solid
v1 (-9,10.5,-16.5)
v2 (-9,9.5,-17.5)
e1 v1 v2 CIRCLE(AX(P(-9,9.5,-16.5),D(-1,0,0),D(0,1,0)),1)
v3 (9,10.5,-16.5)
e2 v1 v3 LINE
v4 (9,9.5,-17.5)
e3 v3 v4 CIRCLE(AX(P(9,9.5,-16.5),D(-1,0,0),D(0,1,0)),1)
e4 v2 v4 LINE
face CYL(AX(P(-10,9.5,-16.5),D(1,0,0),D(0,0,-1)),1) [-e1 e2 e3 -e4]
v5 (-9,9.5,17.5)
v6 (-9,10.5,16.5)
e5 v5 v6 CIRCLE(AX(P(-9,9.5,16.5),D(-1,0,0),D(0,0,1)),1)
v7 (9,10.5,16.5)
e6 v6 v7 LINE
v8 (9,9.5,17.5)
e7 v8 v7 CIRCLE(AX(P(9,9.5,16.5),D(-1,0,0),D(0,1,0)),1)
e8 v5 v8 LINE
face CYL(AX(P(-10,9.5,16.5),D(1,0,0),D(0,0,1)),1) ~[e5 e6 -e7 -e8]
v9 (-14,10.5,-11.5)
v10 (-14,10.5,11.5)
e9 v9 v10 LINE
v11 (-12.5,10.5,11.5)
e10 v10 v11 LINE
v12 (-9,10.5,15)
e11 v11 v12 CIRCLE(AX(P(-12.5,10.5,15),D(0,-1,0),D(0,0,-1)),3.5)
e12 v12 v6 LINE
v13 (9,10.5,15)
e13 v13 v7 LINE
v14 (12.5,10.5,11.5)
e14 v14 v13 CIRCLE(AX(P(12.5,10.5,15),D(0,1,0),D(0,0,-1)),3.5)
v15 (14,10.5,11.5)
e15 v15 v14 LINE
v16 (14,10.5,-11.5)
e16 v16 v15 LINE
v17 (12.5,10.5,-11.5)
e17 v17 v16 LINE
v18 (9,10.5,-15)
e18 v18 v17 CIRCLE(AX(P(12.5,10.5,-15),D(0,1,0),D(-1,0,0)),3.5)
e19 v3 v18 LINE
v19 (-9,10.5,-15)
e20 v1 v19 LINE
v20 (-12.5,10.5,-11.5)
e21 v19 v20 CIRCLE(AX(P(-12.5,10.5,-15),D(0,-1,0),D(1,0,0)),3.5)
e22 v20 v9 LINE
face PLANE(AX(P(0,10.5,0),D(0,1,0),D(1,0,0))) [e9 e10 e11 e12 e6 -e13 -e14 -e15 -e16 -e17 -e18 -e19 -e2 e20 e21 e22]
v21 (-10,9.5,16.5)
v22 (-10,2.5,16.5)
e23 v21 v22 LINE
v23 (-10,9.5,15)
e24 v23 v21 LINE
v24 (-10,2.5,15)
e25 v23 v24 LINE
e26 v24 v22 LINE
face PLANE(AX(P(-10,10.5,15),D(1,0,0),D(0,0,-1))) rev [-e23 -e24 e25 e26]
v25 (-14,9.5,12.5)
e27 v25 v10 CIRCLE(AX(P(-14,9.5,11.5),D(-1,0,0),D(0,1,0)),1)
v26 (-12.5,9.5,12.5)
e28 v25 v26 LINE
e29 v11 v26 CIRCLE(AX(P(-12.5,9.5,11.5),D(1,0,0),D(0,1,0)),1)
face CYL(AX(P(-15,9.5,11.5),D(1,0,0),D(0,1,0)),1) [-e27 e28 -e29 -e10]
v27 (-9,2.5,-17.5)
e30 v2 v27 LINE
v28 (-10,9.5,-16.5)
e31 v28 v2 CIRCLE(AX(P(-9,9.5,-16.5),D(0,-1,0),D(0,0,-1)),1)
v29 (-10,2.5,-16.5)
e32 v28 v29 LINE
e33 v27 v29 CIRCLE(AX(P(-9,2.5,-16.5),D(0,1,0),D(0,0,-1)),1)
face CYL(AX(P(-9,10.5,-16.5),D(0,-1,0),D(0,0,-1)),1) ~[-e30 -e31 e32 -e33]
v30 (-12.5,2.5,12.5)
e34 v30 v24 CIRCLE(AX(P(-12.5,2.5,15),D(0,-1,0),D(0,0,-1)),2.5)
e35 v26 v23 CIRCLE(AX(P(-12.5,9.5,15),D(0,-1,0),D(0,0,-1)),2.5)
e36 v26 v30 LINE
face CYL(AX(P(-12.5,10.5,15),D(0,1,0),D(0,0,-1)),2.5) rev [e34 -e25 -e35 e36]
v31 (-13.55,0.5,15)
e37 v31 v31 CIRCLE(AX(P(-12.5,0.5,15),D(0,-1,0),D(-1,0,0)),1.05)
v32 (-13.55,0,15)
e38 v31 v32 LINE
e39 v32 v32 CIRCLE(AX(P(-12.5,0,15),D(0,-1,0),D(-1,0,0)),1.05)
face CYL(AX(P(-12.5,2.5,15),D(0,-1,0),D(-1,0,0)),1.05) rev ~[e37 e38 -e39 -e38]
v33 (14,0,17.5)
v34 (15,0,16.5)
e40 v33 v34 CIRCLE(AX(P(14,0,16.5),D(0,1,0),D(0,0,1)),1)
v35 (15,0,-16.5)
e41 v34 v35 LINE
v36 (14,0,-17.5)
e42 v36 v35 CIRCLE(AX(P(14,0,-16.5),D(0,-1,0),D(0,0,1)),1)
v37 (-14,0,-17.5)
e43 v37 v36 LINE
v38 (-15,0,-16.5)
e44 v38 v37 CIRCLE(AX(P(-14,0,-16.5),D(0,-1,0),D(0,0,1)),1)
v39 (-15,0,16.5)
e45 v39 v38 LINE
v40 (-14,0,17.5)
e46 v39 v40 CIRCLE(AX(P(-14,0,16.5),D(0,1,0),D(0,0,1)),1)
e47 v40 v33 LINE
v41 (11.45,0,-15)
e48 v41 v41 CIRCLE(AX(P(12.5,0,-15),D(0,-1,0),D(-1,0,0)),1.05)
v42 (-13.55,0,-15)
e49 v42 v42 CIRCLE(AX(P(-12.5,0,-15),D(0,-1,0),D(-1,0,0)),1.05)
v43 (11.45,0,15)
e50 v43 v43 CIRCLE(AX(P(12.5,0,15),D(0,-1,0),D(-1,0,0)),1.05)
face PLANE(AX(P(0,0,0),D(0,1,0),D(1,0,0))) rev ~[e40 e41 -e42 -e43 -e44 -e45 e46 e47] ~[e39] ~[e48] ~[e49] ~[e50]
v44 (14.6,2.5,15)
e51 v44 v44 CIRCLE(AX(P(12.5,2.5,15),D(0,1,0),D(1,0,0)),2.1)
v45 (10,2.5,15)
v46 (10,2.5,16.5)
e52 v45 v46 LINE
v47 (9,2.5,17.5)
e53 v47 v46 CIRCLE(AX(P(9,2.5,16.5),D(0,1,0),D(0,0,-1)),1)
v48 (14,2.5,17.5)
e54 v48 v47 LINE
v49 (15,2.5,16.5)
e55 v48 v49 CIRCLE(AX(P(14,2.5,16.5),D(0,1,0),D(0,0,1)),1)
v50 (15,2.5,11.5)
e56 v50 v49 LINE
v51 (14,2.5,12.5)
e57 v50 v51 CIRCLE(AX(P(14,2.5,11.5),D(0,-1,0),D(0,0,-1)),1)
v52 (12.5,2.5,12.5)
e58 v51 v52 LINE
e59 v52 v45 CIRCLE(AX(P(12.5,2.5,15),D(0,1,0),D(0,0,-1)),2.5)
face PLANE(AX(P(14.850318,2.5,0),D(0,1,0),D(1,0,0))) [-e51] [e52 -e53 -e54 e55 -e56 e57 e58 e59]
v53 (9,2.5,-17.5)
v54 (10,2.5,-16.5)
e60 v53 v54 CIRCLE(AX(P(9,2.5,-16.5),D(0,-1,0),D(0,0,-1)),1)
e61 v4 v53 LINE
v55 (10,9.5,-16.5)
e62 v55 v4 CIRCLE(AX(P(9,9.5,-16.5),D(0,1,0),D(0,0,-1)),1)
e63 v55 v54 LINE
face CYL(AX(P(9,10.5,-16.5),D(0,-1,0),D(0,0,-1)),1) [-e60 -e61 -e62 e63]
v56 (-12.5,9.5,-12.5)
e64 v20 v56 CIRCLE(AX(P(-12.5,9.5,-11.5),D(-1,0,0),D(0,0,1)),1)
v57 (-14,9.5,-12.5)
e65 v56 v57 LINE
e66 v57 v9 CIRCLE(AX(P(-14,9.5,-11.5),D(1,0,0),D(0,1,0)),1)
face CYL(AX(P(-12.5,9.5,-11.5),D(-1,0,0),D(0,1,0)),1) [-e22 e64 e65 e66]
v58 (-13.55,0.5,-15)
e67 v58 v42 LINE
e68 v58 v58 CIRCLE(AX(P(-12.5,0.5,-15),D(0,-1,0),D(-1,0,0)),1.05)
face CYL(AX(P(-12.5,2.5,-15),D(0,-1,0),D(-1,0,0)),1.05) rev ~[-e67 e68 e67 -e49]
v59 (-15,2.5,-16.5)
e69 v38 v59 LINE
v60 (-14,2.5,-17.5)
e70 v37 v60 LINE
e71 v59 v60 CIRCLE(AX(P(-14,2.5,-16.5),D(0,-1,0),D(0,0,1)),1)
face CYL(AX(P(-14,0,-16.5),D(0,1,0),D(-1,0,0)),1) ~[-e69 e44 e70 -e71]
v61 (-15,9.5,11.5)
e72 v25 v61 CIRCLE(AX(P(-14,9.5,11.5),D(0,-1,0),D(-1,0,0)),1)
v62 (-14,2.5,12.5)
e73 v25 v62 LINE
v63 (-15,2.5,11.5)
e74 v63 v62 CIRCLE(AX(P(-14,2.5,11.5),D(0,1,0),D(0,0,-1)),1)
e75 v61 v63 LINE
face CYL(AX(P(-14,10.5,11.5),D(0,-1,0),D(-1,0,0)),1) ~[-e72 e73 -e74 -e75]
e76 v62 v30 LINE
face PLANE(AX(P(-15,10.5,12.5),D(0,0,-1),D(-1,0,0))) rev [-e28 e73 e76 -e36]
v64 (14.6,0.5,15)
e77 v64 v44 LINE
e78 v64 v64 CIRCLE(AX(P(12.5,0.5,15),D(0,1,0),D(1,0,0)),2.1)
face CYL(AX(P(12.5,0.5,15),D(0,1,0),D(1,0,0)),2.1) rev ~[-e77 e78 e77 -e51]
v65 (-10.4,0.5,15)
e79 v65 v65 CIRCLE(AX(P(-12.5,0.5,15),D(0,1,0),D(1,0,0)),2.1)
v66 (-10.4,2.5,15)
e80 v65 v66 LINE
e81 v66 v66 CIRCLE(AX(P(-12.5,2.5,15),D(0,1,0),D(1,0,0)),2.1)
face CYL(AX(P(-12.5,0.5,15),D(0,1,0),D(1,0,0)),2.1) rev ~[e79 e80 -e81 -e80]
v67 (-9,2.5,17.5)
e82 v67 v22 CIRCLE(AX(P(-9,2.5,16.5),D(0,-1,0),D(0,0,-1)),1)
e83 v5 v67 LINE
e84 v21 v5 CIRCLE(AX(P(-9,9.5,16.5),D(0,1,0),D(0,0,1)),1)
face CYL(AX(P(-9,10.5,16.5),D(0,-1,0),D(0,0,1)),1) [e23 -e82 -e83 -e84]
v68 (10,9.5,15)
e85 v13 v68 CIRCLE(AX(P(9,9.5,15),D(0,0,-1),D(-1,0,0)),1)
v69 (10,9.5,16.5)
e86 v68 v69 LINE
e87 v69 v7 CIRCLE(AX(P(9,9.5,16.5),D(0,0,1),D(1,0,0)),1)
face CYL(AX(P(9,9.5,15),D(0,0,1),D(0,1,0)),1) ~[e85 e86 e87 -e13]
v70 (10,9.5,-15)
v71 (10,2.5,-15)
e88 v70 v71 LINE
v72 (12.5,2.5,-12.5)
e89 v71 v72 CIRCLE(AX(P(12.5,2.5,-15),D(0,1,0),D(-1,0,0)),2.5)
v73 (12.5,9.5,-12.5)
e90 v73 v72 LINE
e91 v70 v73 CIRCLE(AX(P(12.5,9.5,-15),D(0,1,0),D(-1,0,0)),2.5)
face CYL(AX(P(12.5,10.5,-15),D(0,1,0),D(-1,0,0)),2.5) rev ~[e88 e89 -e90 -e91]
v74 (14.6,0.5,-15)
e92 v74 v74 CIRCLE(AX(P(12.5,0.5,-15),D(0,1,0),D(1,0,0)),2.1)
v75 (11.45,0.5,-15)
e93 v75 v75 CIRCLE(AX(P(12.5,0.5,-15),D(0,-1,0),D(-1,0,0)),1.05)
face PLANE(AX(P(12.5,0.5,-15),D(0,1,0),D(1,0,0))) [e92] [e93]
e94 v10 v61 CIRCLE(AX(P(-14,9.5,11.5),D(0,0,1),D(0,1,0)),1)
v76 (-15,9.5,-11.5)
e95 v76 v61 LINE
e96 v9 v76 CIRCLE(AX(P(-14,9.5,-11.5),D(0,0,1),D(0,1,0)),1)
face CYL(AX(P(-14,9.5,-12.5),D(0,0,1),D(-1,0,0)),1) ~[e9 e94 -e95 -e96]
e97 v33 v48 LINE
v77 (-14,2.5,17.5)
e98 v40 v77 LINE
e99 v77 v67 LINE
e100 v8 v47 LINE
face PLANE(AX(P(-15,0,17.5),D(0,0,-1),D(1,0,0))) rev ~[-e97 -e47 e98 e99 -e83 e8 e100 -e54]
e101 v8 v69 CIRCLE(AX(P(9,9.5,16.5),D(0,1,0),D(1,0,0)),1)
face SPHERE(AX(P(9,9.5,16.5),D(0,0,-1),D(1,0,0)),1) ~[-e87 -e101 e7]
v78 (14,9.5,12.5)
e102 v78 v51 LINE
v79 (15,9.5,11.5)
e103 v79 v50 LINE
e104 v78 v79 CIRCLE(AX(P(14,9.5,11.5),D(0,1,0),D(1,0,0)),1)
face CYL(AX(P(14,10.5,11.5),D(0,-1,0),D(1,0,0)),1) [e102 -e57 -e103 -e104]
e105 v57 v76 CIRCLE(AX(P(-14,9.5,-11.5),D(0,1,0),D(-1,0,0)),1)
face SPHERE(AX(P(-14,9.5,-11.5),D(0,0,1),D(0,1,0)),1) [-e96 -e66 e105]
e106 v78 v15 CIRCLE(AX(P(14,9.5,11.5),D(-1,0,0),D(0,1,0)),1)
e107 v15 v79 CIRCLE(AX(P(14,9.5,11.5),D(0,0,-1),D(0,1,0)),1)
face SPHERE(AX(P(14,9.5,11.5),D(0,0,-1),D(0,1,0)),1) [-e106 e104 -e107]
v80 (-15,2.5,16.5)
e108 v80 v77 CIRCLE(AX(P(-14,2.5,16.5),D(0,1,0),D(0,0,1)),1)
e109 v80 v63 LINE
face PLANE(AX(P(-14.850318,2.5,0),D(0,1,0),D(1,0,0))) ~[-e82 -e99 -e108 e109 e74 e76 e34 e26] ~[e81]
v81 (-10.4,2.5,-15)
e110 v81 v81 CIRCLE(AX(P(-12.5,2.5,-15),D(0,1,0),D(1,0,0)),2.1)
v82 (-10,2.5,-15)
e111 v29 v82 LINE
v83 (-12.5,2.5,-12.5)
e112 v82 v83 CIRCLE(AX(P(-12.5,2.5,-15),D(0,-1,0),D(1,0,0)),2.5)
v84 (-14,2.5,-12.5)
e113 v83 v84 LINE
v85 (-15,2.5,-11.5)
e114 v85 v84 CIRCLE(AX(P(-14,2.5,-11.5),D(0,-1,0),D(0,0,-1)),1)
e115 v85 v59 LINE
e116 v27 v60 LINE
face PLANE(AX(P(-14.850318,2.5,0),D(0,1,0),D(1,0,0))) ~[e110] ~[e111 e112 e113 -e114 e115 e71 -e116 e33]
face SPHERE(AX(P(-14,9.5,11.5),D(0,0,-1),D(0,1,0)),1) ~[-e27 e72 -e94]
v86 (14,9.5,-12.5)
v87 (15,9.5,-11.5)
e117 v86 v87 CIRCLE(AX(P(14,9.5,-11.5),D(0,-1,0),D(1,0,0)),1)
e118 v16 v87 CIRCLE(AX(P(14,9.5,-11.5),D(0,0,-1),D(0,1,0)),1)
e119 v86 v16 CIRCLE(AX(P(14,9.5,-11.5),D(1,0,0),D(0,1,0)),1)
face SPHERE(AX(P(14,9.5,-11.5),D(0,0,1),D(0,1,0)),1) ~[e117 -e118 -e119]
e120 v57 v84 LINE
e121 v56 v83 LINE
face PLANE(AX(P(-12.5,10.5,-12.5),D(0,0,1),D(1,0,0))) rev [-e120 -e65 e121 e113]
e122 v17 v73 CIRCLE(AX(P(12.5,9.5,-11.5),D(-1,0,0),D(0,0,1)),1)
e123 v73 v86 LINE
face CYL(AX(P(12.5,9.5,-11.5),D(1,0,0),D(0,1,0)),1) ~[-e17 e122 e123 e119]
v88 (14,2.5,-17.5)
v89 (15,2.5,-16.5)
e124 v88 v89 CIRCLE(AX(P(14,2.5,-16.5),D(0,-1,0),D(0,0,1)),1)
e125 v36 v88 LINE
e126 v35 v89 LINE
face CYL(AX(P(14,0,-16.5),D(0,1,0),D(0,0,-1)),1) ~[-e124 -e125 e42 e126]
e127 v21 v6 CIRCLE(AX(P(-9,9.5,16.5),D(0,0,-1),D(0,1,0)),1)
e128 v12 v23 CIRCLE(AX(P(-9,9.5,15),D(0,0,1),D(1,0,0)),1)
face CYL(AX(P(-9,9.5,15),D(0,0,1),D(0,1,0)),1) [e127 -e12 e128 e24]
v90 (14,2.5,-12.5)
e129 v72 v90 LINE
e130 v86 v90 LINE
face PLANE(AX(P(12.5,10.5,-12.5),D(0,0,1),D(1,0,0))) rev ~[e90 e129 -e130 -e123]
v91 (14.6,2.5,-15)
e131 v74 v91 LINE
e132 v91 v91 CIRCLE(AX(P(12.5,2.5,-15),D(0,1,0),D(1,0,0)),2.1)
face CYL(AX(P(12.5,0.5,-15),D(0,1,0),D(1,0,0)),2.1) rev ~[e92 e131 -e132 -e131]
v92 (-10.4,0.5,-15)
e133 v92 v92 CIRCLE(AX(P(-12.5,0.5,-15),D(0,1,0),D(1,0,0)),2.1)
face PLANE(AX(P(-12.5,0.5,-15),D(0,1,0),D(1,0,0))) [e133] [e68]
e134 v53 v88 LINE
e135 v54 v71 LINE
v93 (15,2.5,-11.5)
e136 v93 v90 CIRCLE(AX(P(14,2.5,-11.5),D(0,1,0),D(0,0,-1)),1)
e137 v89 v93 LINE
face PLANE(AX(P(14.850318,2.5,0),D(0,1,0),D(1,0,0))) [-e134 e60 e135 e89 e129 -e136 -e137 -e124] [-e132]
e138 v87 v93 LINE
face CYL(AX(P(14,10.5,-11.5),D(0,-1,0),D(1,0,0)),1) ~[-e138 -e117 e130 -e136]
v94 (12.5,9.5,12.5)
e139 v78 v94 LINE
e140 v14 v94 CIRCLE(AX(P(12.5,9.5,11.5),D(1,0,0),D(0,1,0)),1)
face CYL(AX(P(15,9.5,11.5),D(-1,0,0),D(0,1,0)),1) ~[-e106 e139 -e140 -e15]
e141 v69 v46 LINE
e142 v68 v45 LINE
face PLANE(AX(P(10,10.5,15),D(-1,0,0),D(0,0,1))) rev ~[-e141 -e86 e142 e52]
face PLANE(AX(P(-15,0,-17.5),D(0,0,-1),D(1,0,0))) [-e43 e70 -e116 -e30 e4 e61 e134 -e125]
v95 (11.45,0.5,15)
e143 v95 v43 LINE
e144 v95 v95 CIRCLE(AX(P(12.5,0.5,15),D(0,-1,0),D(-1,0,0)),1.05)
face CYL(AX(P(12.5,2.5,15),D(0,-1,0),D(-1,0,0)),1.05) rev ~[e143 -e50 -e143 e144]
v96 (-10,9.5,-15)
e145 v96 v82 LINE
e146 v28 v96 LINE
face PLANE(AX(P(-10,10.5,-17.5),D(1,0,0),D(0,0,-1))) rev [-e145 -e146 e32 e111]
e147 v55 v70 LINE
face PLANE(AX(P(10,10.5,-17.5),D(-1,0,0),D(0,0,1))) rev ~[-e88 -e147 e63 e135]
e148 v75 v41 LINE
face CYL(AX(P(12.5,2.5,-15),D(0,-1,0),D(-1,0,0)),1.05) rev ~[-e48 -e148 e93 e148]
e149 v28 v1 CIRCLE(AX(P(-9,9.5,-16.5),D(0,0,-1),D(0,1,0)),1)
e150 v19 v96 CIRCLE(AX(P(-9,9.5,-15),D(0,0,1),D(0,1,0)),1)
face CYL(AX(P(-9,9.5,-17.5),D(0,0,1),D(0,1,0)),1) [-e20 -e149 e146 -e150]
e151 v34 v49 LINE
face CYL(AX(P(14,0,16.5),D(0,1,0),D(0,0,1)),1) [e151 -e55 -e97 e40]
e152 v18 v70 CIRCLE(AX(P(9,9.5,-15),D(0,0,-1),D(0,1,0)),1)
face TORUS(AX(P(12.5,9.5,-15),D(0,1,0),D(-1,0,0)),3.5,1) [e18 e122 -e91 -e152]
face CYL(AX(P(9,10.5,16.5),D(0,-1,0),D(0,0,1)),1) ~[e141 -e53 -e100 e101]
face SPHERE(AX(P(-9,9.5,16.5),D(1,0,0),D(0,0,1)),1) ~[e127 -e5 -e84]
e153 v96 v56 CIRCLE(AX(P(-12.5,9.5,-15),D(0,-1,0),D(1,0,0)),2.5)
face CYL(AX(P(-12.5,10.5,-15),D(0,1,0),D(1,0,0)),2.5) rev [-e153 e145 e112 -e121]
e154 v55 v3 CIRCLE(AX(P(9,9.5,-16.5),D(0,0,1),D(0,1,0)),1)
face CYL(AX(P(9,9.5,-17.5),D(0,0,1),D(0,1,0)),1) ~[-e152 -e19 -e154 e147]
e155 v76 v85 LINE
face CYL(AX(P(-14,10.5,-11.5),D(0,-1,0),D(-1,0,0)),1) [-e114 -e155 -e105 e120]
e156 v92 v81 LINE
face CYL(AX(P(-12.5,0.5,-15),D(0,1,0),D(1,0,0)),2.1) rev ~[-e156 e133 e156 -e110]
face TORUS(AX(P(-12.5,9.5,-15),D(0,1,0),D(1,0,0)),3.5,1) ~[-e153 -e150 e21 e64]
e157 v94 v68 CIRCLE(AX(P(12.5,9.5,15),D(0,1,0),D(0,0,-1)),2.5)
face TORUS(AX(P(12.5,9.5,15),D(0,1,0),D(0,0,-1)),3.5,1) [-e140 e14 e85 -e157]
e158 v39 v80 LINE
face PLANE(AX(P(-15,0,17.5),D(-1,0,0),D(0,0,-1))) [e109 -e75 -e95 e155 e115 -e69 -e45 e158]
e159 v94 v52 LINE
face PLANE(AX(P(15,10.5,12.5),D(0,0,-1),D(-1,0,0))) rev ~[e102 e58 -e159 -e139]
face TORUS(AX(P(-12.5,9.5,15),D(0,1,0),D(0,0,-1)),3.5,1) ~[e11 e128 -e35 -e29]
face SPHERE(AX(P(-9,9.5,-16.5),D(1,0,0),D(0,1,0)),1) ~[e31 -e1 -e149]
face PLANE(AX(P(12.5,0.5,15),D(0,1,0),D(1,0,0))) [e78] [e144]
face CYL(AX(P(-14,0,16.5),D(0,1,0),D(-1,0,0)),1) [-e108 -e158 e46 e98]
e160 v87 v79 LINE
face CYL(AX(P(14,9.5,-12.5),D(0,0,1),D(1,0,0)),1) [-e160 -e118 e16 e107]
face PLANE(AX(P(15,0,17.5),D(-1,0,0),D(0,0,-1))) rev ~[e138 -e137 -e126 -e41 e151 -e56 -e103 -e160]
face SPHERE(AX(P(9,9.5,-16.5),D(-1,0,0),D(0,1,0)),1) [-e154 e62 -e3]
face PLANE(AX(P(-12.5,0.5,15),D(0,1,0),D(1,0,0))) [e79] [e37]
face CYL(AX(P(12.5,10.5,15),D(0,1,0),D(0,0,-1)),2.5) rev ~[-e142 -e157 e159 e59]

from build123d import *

# Parameters (mm, degrees)
SKETCH_1_W                   = 30
SKETCH_1_H                   = 35
EXTRUDE_1_DEPTH              = 10.5
CUT_EXTRUDE_1_DEPTH          = 8
FILLET_1_R                   = 1
HOLE_WIZARD_M2_1_D           = 2.1
HOLE_WIZARD_M2_1_DEPTH       = 20
HOLE_WIZARD_M2_1_CBORE_D     = 4.2
HOLE_WIZARD_M2_1_CBORE_DEPTH = 2
HOLE_WIZARD_M2_1_TIP         = 0.63090365


with BuildPart() as part:
    # ｽｹｯﾁ1 → ﾎﾞｽ - 押し出し1 (new body)
    with BuildSketch(Plane(origin=(0, 0, 0), x_dir=(1, 0, 0), z_dir=(0, 1, 0))):
        Rectangle(SKETCH_1_W, SKETCH_1_H)
    extrude(amount=EXTRUDE_1_DEPTH)

    # ｽｹｯﾁ2 → ｶｯﾄ - 押し出し1 (cut)
    with BuildSketch(Plane(origin=(0, 10.5, 0), x_dir=(1, 0, 0), z_dir=(0, 1, 0))):
        with BuildLine():
            Line((15, 12.5), (15, -12.5))
            Line((15, -12.5), (12.5, -12.5))
            ThreePointArc((12.5, -12.5), (10.732233047, -13.232233047), (10, -15))
            Line((10, -15), (10, -17.5))
            Line((10, -17.5), (12.5, -17.5))
            Line((12.5, -17.5), (17, -17.5))
            Line((17, -17.5), (17, 17.5))
            Line((17, 17.5), (12.5, 17.5))
            Line((12.5, 17.5), (10, 17.5))
            Line((10, 17.5), (10, 15))
            ThreePointArc((10, 15), (10.732233047, 13.232233047), (12.5, 12.5))
            Line((12.5, 12.5), (15, 12.5))
        make_face()
    cut_extrude_1 = extrude(amount=-CUT_EXTRUDE_1_DEPTH, mode=Mode.SUBTRACT)

    # ﾐﾗｰ1: ｶｯﾄ - 押し出し1 across plane
    add(cut_extrude_1.mirror(Plane(origin=(0, 0, 0), x_dir=(0, 0, 1), z_dir=(1, 0, 0))), mode=Mode.SUBTRACT)

    # ﾌｨﾚｯﾄ1
    fillet_1_edges = [part.edges().sort_by_distance(p)[0] for p in [
        (15, 10.5, 0),
        (0, 10.5, -17.5),
        (15, 1.25, 17.5),
        (15, 1.25, -17.5),
        (13.75, 10.5, 12.5),
        (10.732233047, 10.5, 13.232233047),
        (10, 10.5, 16.25),
        (13.75, 10.5, -12.5),
        (10, 10.5, -16.25),
        (10.732233047, 10.5, -13.232233047),
        (10, 6.5, -17.5),
        (10, 6.5, 17.5),
        (15, 6.5, 12.5),
        (15, 6.5, -12.5),
        (-15, 10.5, 0),
        (0, 10.5, 17.5),
        (-15, 1.25, 17.5),
        (-15, 1.25, -17.5),
        (-10, 6.5, 17.5),
        (-10.732233047, 10.5, -13.232233047),
        (-13.75, 10.5, -12.5),
        (-15, 6.5, -12.5),
        (-13.75, 10.5, 12.5),
        (-15, 6.5, 12.5),
        (-10.732233047, 10.5, 13.232233047),
        (-10, 10.5, 16.25),
        (-10, 10.5, -16.25),
        (-10, 6.5, -17.5),
    ]]
    fillet(fillet_1_edges, radius=FILLET_1_R)

    # M2 なべ頭ねじ用座ぐり穴1
    with Locations(Plane(origin=(0, 2.5, 0), x_dir=(1, 0, 0), z_dir=(0, 1, 0))):
        with Locations((12.5, -15), (12.5, 15), (-12.5, 15), (-12.5, -15)):
            CounterBoreHole(HOLE_WIZARD_M2_1_D / 2, HOLE_WIZARD_M2_1_CBORE_D / 2, HOLE_WIZARD_M2_1_CBORE_DEPTH, depth=HOLE_WIZARD_M2_1_DEPTH)
            with Locations((0, 0, -(HOLE_WIZARD_M2_1_DEPTH + HOLE_WIZARD_M2_1_TIP / 2))):  # 118° drill point
                Cone(0, HOLE_WIZARD_M2_1_D / 2, HOLE_WIZARD_M2_1_TIP, mode=Mode.SUBTRACT)


solid = part.part
